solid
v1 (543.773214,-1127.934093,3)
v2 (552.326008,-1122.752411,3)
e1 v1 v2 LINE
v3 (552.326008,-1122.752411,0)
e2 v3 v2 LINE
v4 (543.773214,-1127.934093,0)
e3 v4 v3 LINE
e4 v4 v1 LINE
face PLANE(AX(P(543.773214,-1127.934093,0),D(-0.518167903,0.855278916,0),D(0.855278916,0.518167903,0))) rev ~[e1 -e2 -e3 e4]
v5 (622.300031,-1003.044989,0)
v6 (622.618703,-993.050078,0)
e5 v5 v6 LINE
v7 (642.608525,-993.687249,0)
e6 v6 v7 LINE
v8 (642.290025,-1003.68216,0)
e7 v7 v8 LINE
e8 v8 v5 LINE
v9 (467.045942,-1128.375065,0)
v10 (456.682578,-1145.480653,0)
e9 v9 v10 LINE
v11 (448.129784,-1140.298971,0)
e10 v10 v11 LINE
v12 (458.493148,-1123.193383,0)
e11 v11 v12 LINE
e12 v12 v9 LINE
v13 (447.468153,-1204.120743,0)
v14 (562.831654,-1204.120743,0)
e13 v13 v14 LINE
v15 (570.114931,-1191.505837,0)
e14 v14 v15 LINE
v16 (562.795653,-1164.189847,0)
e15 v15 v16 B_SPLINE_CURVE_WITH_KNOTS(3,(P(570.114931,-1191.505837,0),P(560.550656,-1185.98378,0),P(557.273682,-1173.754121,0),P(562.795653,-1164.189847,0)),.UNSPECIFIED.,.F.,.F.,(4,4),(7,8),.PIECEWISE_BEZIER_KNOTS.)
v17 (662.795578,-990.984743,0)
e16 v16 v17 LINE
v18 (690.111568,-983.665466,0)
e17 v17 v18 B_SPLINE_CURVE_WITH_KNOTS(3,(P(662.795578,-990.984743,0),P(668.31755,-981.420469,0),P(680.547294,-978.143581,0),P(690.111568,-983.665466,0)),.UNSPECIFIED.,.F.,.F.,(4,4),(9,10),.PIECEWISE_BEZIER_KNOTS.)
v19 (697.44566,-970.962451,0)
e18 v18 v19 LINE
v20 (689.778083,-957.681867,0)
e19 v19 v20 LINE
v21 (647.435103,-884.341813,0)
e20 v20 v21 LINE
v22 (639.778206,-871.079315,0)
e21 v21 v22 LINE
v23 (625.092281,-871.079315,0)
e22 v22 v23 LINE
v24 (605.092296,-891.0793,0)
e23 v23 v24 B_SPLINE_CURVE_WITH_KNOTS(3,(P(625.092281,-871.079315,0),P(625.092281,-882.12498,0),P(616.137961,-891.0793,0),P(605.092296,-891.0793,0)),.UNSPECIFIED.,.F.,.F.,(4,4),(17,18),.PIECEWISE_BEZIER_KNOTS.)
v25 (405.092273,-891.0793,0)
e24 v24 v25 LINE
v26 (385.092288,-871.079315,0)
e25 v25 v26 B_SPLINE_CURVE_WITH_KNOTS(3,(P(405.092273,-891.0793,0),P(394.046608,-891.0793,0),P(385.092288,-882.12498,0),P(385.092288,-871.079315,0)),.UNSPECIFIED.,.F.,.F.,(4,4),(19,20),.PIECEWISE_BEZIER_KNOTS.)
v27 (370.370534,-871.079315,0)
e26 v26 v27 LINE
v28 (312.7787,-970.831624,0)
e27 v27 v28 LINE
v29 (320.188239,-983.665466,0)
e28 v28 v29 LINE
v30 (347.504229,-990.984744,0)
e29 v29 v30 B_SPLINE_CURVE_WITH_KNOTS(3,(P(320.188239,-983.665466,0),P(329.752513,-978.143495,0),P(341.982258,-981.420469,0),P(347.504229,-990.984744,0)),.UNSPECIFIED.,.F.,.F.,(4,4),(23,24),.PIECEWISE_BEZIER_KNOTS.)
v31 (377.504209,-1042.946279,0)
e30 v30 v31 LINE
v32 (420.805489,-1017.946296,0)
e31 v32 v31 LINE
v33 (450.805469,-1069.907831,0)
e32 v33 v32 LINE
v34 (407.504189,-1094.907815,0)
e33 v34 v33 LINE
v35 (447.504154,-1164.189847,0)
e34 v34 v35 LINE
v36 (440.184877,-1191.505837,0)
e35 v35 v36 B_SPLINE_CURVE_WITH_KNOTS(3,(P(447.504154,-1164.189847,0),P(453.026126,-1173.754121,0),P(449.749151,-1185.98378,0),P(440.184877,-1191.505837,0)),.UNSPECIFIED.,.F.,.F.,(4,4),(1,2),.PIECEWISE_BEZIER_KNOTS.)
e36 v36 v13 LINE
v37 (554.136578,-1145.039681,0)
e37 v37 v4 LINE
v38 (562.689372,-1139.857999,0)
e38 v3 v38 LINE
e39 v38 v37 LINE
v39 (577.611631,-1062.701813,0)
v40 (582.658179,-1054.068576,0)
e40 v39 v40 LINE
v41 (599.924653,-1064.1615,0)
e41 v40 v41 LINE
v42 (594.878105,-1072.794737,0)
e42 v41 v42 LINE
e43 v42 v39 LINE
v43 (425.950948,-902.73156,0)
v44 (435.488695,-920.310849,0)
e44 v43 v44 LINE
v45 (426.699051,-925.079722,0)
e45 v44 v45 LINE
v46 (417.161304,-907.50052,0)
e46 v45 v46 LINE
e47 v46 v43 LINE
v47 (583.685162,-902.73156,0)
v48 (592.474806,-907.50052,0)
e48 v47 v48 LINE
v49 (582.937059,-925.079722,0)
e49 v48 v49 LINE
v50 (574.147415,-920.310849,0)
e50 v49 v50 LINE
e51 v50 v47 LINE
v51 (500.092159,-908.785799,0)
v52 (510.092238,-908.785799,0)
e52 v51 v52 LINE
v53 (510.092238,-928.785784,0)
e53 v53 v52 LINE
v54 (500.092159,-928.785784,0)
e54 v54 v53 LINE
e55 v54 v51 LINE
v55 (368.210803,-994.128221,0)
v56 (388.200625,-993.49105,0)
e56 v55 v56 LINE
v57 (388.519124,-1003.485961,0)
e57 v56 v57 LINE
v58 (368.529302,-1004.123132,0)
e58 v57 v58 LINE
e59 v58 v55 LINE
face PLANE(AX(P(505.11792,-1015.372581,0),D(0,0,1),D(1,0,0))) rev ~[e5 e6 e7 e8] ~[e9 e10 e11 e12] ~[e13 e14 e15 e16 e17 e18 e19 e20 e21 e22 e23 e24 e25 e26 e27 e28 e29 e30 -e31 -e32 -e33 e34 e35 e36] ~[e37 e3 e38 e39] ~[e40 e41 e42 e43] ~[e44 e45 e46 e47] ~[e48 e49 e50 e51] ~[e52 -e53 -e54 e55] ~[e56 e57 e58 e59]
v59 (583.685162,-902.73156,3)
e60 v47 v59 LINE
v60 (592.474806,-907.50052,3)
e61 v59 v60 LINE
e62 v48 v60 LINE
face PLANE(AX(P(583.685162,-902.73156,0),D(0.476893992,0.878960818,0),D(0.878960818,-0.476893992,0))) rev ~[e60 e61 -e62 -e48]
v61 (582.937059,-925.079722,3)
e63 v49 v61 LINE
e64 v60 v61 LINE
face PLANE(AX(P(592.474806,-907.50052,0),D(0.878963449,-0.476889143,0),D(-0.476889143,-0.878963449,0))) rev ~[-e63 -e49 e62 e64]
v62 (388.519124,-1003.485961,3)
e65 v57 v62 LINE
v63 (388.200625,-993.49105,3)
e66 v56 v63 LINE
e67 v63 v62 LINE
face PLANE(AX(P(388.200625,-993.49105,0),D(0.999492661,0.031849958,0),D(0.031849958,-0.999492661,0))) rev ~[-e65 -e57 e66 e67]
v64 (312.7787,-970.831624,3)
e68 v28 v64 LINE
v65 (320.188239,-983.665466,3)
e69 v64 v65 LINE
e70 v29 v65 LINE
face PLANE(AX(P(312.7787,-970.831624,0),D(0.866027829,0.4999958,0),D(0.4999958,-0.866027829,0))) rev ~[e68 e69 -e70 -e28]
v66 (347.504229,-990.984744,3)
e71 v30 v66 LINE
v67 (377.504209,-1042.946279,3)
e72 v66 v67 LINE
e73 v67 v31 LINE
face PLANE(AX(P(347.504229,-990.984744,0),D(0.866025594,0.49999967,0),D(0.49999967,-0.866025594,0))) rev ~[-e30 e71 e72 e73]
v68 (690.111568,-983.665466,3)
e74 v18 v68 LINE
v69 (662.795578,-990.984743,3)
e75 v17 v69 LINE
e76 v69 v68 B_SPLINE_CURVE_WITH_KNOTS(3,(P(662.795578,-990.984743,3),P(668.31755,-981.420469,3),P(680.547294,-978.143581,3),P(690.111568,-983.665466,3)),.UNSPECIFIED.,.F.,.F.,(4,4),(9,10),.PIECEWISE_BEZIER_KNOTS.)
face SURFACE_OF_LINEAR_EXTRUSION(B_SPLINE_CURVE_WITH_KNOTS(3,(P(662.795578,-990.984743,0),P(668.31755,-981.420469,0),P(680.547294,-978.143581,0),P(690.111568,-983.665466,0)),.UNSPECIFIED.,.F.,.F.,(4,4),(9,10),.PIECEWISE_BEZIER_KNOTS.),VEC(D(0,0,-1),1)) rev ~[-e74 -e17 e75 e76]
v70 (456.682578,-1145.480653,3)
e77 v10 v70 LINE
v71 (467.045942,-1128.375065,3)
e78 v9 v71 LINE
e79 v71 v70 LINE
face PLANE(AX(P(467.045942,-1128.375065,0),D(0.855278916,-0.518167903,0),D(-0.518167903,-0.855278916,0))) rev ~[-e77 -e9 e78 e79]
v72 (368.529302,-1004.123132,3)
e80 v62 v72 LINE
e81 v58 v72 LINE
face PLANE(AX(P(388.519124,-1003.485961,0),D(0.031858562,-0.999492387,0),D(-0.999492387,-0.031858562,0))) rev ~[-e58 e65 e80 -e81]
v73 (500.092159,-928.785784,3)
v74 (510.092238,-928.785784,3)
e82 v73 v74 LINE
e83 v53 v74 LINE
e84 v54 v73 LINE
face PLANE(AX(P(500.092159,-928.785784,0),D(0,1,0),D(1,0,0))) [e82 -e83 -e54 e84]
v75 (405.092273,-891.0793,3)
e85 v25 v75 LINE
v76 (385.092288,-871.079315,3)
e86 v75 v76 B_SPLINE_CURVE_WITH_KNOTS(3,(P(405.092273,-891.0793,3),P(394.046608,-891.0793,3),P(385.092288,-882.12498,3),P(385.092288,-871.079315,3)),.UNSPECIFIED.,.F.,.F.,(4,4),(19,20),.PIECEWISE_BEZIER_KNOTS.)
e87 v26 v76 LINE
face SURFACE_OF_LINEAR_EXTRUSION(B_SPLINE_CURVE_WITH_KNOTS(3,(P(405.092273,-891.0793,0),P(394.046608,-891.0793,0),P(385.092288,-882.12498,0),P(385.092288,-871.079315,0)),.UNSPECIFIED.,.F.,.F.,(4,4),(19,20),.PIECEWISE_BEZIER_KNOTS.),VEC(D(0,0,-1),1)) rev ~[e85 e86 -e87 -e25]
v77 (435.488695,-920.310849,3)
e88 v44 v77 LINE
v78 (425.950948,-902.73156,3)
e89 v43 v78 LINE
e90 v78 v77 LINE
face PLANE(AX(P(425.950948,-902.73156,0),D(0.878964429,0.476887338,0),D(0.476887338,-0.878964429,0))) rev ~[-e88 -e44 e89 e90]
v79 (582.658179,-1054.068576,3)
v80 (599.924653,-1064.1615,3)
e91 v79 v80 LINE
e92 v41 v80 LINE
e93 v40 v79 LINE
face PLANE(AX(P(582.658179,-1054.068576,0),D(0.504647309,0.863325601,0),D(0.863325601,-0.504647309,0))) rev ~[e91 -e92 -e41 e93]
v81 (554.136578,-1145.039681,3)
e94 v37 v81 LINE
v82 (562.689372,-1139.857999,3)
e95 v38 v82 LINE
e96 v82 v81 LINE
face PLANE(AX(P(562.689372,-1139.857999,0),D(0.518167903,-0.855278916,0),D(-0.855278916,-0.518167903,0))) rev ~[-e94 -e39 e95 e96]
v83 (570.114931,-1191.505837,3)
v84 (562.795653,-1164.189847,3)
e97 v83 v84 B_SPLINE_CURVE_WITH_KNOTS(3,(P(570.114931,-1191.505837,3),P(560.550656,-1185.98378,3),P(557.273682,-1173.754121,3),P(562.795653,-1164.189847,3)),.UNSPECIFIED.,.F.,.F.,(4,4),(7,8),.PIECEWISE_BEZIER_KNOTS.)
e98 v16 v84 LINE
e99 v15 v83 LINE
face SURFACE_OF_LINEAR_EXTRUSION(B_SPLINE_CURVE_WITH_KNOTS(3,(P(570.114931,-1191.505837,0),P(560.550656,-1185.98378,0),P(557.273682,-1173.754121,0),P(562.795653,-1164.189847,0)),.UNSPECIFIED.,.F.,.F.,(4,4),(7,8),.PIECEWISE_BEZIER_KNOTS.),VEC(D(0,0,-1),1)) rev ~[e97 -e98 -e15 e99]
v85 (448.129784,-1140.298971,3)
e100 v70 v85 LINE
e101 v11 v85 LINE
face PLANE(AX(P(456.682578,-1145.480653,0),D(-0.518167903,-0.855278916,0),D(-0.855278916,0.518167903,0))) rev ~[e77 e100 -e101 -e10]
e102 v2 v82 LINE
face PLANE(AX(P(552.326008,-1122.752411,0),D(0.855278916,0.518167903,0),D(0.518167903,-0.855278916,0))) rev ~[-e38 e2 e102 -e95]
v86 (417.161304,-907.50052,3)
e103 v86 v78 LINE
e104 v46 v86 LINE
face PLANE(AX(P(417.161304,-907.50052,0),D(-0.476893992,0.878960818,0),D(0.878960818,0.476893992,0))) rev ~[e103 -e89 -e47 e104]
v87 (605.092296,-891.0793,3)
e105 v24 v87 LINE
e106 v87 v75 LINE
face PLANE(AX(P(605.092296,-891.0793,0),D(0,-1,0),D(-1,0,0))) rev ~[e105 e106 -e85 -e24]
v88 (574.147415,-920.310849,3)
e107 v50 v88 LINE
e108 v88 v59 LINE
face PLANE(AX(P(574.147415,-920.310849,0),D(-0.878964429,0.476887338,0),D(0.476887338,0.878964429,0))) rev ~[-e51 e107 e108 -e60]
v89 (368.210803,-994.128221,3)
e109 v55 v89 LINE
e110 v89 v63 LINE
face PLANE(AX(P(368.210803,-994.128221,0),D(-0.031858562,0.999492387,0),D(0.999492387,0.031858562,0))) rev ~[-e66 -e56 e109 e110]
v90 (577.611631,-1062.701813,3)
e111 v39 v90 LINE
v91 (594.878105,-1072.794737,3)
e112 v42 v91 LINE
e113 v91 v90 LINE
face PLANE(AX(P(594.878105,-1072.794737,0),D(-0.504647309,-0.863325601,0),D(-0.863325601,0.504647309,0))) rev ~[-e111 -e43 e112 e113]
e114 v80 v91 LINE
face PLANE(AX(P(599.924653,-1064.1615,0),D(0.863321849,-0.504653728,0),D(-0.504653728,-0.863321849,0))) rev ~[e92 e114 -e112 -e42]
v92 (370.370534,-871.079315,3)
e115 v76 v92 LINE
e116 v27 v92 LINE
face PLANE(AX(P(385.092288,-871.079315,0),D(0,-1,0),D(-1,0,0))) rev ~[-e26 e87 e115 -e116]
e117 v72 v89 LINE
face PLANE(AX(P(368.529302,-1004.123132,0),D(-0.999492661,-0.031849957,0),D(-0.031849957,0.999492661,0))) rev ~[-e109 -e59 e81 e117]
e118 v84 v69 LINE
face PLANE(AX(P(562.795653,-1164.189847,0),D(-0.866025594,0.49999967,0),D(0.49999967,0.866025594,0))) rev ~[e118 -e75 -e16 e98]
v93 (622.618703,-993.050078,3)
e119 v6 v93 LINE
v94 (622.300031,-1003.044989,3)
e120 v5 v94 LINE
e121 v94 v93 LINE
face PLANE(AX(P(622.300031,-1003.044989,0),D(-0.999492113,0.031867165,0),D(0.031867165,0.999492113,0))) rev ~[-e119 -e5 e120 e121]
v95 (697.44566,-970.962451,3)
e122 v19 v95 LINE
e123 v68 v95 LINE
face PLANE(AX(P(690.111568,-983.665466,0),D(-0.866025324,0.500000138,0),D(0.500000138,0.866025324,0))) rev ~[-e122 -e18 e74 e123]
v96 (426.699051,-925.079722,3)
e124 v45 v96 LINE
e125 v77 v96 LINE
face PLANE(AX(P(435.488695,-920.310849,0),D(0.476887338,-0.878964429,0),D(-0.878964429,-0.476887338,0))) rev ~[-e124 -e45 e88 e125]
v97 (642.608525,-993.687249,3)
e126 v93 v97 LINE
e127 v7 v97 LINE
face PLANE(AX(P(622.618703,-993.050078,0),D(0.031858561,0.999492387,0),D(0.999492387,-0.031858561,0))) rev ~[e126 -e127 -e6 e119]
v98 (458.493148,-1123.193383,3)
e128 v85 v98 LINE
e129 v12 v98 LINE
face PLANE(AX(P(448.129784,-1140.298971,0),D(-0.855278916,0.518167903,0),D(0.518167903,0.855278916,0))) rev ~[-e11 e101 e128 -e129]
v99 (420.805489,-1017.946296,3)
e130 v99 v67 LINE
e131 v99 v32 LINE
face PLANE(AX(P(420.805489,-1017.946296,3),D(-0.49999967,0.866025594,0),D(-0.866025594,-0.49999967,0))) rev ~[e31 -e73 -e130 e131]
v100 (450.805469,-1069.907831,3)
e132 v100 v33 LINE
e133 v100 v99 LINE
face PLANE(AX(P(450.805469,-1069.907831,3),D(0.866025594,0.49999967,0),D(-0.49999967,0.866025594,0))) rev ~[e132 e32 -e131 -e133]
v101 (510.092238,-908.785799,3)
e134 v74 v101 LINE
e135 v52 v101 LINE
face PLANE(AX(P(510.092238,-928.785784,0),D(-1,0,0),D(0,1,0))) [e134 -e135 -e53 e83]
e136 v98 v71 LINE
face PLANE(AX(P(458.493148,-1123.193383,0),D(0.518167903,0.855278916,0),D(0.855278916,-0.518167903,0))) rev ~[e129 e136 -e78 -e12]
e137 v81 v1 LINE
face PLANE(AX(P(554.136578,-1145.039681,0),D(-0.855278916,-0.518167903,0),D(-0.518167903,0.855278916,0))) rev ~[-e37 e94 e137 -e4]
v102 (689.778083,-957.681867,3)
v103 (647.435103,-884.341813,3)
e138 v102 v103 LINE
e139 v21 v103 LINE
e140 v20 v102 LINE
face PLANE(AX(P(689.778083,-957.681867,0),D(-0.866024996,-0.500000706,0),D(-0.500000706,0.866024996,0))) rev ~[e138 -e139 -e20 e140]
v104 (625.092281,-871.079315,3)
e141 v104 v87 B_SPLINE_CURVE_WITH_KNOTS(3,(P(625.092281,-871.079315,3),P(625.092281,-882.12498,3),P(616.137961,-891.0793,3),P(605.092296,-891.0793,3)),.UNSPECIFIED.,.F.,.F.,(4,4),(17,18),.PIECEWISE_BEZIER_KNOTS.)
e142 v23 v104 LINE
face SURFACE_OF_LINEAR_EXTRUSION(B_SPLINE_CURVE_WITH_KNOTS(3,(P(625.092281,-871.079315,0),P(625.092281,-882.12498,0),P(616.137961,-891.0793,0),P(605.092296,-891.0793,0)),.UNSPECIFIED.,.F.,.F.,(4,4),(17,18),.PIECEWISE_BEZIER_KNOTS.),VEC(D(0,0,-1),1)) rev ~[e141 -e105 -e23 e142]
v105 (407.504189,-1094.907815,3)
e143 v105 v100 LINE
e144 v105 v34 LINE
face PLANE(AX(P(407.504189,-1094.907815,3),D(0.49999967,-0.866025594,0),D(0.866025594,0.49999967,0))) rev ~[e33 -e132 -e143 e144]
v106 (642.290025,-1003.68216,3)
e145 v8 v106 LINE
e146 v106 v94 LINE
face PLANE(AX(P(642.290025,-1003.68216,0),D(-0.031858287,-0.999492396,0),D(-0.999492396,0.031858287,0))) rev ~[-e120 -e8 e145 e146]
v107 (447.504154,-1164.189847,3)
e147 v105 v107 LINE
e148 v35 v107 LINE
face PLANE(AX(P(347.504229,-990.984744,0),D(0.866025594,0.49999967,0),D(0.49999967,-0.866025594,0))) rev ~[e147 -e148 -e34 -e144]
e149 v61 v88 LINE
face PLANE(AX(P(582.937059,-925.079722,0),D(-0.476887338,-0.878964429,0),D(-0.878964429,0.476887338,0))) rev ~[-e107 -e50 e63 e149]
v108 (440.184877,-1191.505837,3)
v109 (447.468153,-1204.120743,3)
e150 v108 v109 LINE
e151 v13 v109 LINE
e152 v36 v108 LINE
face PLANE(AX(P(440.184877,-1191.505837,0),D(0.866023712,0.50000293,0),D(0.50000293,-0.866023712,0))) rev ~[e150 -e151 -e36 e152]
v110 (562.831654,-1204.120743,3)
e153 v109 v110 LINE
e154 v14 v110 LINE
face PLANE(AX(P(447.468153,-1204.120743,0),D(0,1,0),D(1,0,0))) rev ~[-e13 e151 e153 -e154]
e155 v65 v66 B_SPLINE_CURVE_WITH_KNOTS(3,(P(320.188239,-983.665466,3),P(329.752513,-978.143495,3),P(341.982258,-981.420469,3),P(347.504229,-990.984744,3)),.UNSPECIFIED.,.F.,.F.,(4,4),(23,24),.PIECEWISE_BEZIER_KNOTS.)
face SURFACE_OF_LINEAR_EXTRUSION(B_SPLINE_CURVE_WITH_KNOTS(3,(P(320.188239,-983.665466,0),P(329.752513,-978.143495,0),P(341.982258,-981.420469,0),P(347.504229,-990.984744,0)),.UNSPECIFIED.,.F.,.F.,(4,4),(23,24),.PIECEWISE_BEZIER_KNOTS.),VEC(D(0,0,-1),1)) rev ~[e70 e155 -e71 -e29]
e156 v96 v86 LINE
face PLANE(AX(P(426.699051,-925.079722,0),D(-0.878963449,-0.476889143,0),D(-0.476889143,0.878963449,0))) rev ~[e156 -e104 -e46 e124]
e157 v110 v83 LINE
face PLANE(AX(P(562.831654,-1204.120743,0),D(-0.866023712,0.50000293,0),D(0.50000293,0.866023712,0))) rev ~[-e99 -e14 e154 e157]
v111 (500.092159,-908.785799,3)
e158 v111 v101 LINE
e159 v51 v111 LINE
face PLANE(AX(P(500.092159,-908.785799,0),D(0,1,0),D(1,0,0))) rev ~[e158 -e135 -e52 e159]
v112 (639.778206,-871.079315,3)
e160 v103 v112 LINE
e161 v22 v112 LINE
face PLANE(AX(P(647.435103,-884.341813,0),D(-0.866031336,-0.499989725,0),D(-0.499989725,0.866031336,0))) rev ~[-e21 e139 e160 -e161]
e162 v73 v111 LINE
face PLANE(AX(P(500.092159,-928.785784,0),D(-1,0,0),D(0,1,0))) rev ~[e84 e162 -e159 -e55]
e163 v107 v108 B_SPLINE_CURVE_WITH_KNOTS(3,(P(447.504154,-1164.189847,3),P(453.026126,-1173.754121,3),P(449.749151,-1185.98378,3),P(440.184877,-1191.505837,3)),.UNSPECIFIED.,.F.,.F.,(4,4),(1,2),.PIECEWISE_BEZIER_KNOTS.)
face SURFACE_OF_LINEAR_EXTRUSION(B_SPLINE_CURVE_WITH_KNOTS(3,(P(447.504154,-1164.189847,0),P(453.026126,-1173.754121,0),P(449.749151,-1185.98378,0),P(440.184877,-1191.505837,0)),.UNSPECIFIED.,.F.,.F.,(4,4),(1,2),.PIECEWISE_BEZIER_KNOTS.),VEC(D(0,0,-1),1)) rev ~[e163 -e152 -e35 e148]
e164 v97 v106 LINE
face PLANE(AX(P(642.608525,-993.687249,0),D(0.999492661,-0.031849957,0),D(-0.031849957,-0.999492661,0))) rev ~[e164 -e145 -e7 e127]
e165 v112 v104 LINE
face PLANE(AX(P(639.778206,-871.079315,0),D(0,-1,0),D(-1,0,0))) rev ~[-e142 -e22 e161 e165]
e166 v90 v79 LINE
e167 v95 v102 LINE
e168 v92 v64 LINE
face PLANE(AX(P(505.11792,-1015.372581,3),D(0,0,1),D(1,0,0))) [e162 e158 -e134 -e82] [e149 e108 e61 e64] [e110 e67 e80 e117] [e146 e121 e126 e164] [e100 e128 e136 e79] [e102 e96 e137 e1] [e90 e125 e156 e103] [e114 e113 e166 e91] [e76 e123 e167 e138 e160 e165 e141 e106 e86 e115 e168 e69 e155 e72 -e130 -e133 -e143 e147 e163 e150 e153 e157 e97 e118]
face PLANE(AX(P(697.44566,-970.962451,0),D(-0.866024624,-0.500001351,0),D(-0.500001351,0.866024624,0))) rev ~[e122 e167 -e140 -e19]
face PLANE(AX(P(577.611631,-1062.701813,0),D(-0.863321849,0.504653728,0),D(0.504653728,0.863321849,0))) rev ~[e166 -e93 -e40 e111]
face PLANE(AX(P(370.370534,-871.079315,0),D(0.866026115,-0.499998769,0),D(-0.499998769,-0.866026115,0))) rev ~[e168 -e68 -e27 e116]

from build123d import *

# Parameters (mm, degrees)
MODEL_W                 = 10.000078668
MODEL_H                 = 19.99998508
BOSS_EXTRU_1_DEPTH      = 3
ENL_V_MAT_EXTRU_1_DEPTH = 10


with BuildPart() as part:
    # Model → Boss.-Extru.1 (new body)
    with BuildSketch(Plane.XY):
        with BuildLine():
            Line((347.504229039, -990.984743501), (447.504154456, -1164.189847387))
            add(Edge.make_bspline(
                [(447.504154456, -1164.189847387), (453.026125757, -1173.754121475), (449.749150931, -1185.983779814), (440.184876843, -1191.505837242)],
                knots=[1, 1, 1, 1, 2, 2, 2, 2], degree=3))
            Line((440.184876843, -1191.505837242), (447.468153212, -1204.120743383))
            Line((447.468153212, -1204.120743383), (462.904937066, -1204.120743383))
            Line((462.904937066, -1204.120743383), (547.394870334, -1204.120743383))
            Line((547.394870334, -1204.120743383), (562.831654188, -1204.120743383))
            Line((562.831654188, -1204.120743383), (570.114930554, -1191.505837241))
            add(Edge.make_bspline(
                [(570.114930554, -1191.505837241), (560.550656465, -1185.983779815), (557.273681638, -1173.754121476), (562.795652937, -1164.189847387)],
                knots=[7, 7, 7, 7, 8, 8, 8, 8], degree=3))
            Line((562.795652937, -1164.189847387), (662.795578323, -990.984743483))
            add(Edge.make_bspline(
                [(662.795578323, -990.984743483), (668.317549622, -981.420469394), (680.547294088, -978.143580694), (690.111568177, -983.665465865)],
                knots=[9, 9, 9, 9, 10, 10, 10, 10], degree=3))
            Line((690.111568177, -983.665465865), (697.445659701, -970.962451406))
            Line((697.445659701, -970.962451406), (689.778082931, -957.6818667))
            Line((689.778082931, -957.6818667), (647.435103324, -884.341812722))
            Line((647.435103324, -884.341812722), (639.77820635, -871.079314757))
            Line((639.77820635, -871.079314757), (625.092281057, -871.079314757))
            add(Edge.make_bspline(
                [(625.092281057, -871.079314757), (625.092281058, -882.124979905), (616.137961126, -891.079299838), (605.092295979, -891.079299839)],
                knots=[17, 17, 17, 17, 18, 18, 18, 18], degree=3))
            Line((605.092295979, -891.079299839), (405.092272921, -891.079299839))
            add(Edge.make_bspline(
                [(405.092272921, -891.079299839), (394.046607773, -891.07929984), (385.09228784, -882.124979908), (385.092287839, -871.079314761)],
                knots=[19, 19, 19, 19, 20, 20, 20, 20], degree=3))
            Line((385.092287839, -871.079314761), (370.370533553, -871.079314761))
            Line((370.370533553, -871.079314761), (312.778700066, -970.831623929))
            Line((312.778700066, -970.831623929), (320.188239184, -983.665465888))
            add(Edge.make_bspline(
                [(320.188239184, -983.665465888), (329.752513272, -978.143494587), (341.982257738, -981.420469413), (347.504229039, -990.984743501)],
                knots=[23, 23, 23, 23, 24, 24, 24, 24], degree=3))
        make_face()
        Polygon((622.618702509, -993.05007822), (642.608524558, -993.687248628), (642.290025481, -1003.682159653), (622.300031178, -1003.044989244), align=None, mode=Mode.SUBTRACT)
        Polygon((594.878104643, -1072.794736968), (577.611630575, -1062.701812979), (582.658178697, -1054.068575945), (599.924652765, -1064.161499934), align=None, mode=Mode.SUBTRACT)
        Polygon((583.685161648, -902.731560157), (592.474806017, -907.50051971), (582.937059165, -925.079722321), (574.147414796, -920.310848895), align=None, mode=Mode.SUBTRACT)
        Polygon((552.326007751, -1122.752411126), (562.689371739, -1139.857999232), (554.136577686, -1145.039681226), (543.773213697, -1127.93409312), align=None, mode=Mode.SUBTRACT)
        with Locations((505.092198326, -918.785791257)):
            Rectangle(MODEL_W, MODEL_H, mode=Mode.SUBTRACT)
        Polygon((458.493147779, -1123.193383356), (467.045941833, -1128.375065349), (456.682577848, -1145.480653457), (448.129783794, -1140.298971465), align=None, mode=Mode.SUBTRACT)
        Polygon((425.950948052, -902.731560171), (435.488694907, -920.310848907), (426.699050539, -925.079722335), (417.161303684, -907.500519726), align=None, mode=Mode.SUBTRACT)
        Polygon((428.161149075, -1054.509548181), (433.207697199, -1063.142785214), (415.941223133, -1073.235709206), (410.894675009, -1064.602472173), align=None, mode=Mode.SUBTRACT)
        Polygon((388.200625252, -993.491050463), (388.519124331, -1003.485961487), (368.529302282, -1004.123131899), (368.210803204, -994.128220875), align=None, mode=Mode.SUBTRACT)
    extrude(amount=BOSS_EXTRU_1_DEPTH)

    # Esquisse2 → Enlèv. mat.-Extru.1 (cut)
    with BuildSketch(Plane.XY.offset(3)):
        Polygon((377.504209253, -1042.946279151), (407.504189467, -1094.907814801), (450.805469176, -1069.90783129), (420.805488962, -1017.946295639), align=None)
    extrude(amount=-ENL_V_MAT_EXTRU_1_DEPTH, mode=Mode.SUBTRACT)


solid = part.part
